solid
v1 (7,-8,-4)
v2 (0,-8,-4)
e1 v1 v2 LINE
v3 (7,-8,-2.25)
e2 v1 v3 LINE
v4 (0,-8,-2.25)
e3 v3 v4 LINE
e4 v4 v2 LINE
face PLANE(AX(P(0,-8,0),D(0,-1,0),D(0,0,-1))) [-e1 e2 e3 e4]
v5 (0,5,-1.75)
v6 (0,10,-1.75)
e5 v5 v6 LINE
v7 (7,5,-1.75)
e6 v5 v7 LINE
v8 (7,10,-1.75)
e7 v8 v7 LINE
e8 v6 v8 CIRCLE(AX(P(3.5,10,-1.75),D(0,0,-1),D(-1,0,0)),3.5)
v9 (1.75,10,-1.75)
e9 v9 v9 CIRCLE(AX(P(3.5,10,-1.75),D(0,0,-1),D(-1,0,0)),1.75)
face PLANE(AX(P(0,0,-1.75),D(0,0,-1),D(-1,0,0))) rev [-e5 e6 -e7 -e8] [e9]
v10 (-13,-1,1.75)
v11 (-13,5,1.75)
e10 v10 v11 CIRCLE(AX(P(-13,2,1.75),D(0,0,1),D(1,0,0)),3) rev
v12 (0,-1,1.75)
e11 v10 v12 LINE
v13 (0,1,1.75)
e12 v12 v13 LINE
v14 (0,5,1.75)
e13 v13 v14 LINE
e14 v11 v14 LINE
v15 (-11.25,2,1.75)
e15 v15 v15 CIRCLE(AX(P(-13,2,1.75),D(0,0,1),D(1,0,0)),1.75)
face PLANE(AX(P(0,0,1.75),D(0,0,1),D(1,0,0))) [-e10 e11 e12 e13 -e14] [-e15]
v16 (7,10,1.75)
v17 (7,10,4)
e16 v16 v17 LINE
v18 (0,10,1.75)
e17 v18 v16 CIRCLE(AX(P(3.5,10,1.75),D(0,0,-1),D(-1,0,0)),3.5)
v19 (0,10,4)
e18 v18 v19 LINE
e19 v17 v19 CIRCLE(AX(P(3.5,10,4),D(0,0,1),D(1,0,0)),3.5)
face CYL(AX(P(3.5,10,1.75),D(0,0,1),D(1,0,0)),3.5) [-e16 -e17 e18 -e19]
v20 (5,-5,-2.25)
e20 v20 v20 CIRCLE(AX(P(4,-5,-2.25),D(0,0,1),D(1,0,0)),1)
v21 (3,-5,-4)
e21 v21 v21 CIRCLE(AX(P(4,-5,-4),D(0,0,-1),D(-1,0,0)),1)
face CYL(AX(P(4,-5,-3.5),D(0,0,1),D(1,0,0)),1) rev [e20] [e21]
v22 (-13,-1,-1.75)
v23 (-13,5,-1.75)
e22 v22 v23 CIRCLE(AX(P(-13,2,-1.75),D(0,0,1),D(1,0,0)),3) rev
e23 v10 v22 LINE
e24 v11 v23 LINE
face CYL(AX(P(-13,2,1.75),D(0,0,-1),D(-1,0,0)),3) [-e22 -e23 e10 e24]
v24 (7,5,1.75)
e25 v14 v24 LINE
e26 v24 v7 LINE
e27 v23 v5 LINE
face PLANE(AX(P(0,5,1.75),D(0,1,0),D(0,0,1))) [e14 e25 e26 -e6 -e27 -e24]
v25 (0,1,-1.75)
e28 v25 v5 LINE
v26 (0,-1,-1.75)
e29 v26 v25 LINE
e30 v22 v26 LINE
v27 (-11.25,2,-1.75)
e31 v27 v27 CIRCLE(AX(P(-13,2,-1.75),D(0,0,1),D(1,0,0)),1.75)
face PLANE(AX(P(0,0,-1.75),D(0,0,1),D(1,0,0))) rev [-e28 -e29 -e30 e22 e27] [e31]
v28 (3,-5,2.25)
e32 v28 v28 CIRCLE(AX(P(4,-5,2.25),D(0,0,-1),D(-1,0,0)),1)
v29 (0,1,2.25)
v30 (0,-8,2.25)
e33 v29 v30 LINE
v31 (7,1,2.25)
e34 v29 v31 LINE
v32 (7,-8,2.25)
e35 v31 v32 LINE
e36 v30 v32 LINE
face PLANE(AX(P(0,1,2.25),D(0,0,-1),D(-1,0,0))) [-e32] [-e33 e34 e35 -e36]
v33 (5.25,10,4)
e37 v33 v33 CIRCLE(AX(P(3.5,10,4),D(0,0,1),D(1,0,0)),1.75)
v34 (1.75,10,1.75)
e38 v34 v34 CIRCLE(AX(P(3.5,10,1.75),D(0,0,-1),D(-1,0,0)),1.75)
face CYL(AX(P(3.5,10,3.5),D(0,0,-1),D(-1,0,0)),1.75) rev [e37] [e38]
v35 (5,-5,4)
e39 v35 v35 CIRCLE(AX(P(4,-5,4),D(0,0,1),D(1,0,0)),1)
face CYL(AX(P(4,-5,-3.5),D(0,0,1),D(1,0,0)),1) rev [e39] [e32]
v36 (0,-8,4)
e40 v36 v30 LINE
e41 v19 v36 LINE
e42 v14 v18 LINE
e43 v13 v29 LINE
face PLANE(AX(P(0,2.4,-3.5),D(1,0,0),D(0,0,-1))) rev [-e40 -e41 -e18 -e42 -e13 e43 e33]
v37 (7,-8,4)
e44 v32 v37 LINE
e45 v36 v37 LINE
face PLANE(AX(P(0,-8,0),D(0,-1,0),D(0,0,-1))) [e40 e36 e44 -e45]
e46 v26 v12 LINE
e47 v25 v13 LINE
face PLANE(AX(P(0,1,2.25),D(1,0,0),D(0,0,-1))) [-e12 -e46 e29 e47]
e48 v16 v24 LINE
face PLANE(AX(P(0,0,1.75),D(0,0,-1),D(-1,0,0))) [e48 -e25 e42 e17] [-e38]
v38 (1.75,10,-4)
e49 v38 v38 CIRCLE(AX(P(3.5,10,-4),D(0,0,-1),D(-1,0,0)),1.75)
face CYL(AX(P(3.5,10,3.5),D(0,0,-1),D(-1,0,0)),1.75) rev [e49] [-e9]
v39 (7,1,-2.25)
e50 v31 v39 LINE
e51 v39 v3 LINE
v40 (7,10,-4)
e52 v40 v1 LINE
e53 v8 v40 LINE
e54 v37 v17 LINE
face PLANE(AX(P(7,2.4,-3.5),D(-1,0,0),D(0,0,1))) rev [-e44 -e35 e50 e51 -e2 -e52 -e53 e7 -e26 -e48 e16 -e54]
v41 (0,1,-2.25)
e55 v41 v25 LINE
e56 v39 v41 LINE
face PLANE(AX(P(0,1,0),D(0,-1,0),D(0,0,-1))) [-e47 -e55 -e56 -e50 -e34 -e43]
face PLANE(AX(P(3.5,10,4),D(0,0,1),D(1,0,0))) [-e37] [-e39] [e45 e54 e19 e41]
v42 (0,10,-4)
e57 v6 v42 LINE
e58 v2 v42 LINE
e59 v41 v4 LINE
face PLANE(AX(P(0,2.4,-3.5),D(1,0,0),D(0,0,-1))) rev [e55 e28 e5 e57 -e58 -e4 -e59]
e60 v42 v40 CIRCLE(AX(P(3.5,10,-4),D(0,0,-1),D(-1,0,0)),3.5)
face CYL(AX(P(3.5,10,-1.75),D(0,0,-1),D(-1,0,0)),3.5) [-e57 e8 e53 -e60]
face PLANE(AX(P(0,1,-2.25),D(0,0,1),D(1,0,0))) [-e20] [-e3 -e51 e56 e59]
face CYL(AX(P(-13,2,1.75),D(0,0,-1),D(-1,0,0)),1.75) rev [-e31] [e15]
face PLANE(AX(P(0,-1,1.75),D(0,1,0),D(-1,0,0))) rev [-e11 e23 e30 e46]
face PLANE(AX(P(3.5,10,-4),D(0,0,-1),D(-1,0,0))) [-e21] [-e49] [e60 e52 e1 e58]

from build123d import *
from build123d.topology import SkipClean

# Parameters (mm, degrees)
SKETCH_1_W          = 7
SKETCH_1_H          = 7
EXTRUDE_1_DEPTH     = 2.4
EXTRUDE_6_DEPTH     = 1.75
EXTRUDE_START       = -5.25
EXTRUDE_8_DEPTH     = 1.75
SKETCH_11_R         = 1.75
CUT_EXTRUDE_1_DEPTH = 17.740669043
SKETCH_17_W         = 7
SKETCH_17_H         = 7
EXTRUDE_10_DEPTH    = 8
SKETCH_15_R         = 1.75
EXTRUDE_9_DEPTH     = 1.75
SKETCH_12_R         = 1
CUT_EXTRUDE_2_DEPTH = 22.1896201
SKETCH_18_W         = 7
SKETCH_18_H         = 4.5
CUT_EXTRUDE_4_DEPTH = 9
SKETCH_19_R         = 1
SKETCH_19_R_2       = 1.75
EXTRUDE_11_DEPTH    = 0.5
EXTRUDE_START_2     = 0.5
SKETCH_20_R         = 1
SKETCH_20_R_2       = 1.75
EXTRUDE_12_DEPTH    = 0.5


with BuildPart() as part:
    # 草图1 → 凸台-拉伸1 (new body)
    with BuildSketch(Plane(origin=(0, 0, 0), x_dir=(1, 0, 0), z_dir=(0, 1, 0))):
        with Locations((3.5, 0)):
            Rectangle(SKETCH_1_W, SKETCH_1_H)
    extrude(amount=EXTRUDE_1_DEPTH)

    # 草图10 → 凸台-拉伸6 (add)
    with BuildSketch(Plane(origin=(0, 0, -3.5), x_dir=(-1, 0, 0), z_dir=(0, 0, -1))):
        with BuildLine():
            Line((-7, 10), (-7, 2.4))
            Line((-7, 2.4), (0, 2.4))
            Line((0, 2.4), (0, 10))
            ThreePointArc((0, 10), (-3.5, 13.5), (-7, 10))
        make_face()
    extrude(amount=-EXTRUDE_6_DEPTH)

    # 草图10<2> → 凸台-拉伸8 (add)
    with BuildSketch(Plane(origin=(0, 0, -3.5), x_dir=(-1, 0, 0), z_dir=(0, 0, -1)).offset(EXTRUDE_START)):
        with BuildLine():
            Line((-7, 10), (-7, 2.4))
            Line((-7, 2.4), (0, 2.4))
            Line((0, 2.4), (0, 10))
            ThreePointArc((0, 10), (-3.5, 13.5), (-7, 10))
        make_face()
    extrude(amount=-EXTRUDE_8_DEPTH)

    # 草图11 → 切除-拉伸1 (cut, through all)
    with BuildSketch(Plane(origin=(0, 0, -3.5), x_dir=(-1, 0, 0), z_dir=(0, 0, -1))):
        with Locations((-3.5, 10)):
            Circle(SKETCH_11_R)
    extrude(amount=-CUT_EXTRUDE_1_DEPTH, mode=Mode.SUBTRACT)

    # 草图17 → 凸台-拉伸10 (add)
    with BuildSketch(Plane.XZ):
        with Locations((3.5, 0)):
            Rectangle(SKETCH_17_W, SKETCH_17_H)
    extrude(amount=EXTRUDE_10_DEPTH)

    # 草图15 → 凸台-拉伸9 (add, symmetric)
    with BuildSketch(Plane.XY):
        with BuildLine():
            Line((7, 2.4), (7, 5))
            Line((7, 5), (-13, 5))
            ThreePointArc((-13, 5), (-16, 2), (-13, -1))
            Line((-13, -1), (7, -1))
            Line((7, -1), (7, 2.4))
        make_face()
        with Locations((-13, 2)):
            Circle(SKETCH_15_R, mode=Mode.SUBTRACT)
    extrude(amount=EXTRUDE_9_DEPTH, both=True)

    # 草图12 → 切除-拉伸2 (cut, through all)
    with BuildSketch(Plane(origin=(0, 4, 3.5), x_dir=(1, 0, 0), z_dir=(0, 0, -1))):
        with Locations((4, 9)):
            Circle(SKETCH_12_R)
    extrude(amount=CUT_EXTRUDE_2_DEPTH, mode=Mode.SUBTRACT)

    # 草图18 → 切除-拉伸4 (cut)
    with BuildSketch(Plane(origin=(7.4, -8, 0), x_dir=(1, 0, 0), z_dir=(0, 1, 0))):
        with Locations((-3.9, 0)):
            Rectangle(SKETCH_18_W, SKETCH_18_H)
    extrude(amount=CUT_EXTRUDE_4_DEPTH, mode=Mode.SUBTRACT)

    # 草图19 → 凸台-拉伸11 (add)
    with SkipClean():  # the faces are left unmerged after this step: merging them gives an invalid solid
        with BuildSketch(Plane.XY.offset(3.5)):
            with BuildLine():
                Line((0, 10), (0, -8))
                Line((0, -8), (7, -8))
                Line((7, -8), (7, 10))
                ThreePointArc((7, 10), (3.5, 13.5), (0, 10))
            make_face()
            with Locations((4, -5)):
                Circle(SKETCH_19_R, mode=Mode.SUBTRACT)
            with Locations((3.5, 10)):
                Circle(SKETCH_19_R_2, mode=Mode.SUBTRACT)
        extrude(amount=EXTRUDE_11_DEPTH)

    # 草图20 → 凸台-拉伸12 (add)
    with SkipClean():  # the faces are left unmerged after this step: merging them gives an invalid solid
        with BuildSketch(Plane(origin=(0, 0, -3.5), x_dir=(-1, 0, 0), z_dir=(0, 0, -1)).offset(EXTRUDE_START_2)):
            with BuildLine():
                Line((-7, 10), (-7, -8))
                Line((-7, -8), (0, -8))
                Line((0, -8), (0, 10))
                ThreePointArc((0, 10), (-3.5, 13.5), (-7, 10))
            make_face()
            with Locations((-4, -5)):
                Circle(SKETCH_20_R, mode=Mode.SUBTRACT)
            with Locations((-3.5, 10)):
                Circle(SKETCH_20_R_2, mode=Mode.SUBTRACT)
        extrude(amount=-EXTRUDE_12_DEPTH)


solid = part.part
